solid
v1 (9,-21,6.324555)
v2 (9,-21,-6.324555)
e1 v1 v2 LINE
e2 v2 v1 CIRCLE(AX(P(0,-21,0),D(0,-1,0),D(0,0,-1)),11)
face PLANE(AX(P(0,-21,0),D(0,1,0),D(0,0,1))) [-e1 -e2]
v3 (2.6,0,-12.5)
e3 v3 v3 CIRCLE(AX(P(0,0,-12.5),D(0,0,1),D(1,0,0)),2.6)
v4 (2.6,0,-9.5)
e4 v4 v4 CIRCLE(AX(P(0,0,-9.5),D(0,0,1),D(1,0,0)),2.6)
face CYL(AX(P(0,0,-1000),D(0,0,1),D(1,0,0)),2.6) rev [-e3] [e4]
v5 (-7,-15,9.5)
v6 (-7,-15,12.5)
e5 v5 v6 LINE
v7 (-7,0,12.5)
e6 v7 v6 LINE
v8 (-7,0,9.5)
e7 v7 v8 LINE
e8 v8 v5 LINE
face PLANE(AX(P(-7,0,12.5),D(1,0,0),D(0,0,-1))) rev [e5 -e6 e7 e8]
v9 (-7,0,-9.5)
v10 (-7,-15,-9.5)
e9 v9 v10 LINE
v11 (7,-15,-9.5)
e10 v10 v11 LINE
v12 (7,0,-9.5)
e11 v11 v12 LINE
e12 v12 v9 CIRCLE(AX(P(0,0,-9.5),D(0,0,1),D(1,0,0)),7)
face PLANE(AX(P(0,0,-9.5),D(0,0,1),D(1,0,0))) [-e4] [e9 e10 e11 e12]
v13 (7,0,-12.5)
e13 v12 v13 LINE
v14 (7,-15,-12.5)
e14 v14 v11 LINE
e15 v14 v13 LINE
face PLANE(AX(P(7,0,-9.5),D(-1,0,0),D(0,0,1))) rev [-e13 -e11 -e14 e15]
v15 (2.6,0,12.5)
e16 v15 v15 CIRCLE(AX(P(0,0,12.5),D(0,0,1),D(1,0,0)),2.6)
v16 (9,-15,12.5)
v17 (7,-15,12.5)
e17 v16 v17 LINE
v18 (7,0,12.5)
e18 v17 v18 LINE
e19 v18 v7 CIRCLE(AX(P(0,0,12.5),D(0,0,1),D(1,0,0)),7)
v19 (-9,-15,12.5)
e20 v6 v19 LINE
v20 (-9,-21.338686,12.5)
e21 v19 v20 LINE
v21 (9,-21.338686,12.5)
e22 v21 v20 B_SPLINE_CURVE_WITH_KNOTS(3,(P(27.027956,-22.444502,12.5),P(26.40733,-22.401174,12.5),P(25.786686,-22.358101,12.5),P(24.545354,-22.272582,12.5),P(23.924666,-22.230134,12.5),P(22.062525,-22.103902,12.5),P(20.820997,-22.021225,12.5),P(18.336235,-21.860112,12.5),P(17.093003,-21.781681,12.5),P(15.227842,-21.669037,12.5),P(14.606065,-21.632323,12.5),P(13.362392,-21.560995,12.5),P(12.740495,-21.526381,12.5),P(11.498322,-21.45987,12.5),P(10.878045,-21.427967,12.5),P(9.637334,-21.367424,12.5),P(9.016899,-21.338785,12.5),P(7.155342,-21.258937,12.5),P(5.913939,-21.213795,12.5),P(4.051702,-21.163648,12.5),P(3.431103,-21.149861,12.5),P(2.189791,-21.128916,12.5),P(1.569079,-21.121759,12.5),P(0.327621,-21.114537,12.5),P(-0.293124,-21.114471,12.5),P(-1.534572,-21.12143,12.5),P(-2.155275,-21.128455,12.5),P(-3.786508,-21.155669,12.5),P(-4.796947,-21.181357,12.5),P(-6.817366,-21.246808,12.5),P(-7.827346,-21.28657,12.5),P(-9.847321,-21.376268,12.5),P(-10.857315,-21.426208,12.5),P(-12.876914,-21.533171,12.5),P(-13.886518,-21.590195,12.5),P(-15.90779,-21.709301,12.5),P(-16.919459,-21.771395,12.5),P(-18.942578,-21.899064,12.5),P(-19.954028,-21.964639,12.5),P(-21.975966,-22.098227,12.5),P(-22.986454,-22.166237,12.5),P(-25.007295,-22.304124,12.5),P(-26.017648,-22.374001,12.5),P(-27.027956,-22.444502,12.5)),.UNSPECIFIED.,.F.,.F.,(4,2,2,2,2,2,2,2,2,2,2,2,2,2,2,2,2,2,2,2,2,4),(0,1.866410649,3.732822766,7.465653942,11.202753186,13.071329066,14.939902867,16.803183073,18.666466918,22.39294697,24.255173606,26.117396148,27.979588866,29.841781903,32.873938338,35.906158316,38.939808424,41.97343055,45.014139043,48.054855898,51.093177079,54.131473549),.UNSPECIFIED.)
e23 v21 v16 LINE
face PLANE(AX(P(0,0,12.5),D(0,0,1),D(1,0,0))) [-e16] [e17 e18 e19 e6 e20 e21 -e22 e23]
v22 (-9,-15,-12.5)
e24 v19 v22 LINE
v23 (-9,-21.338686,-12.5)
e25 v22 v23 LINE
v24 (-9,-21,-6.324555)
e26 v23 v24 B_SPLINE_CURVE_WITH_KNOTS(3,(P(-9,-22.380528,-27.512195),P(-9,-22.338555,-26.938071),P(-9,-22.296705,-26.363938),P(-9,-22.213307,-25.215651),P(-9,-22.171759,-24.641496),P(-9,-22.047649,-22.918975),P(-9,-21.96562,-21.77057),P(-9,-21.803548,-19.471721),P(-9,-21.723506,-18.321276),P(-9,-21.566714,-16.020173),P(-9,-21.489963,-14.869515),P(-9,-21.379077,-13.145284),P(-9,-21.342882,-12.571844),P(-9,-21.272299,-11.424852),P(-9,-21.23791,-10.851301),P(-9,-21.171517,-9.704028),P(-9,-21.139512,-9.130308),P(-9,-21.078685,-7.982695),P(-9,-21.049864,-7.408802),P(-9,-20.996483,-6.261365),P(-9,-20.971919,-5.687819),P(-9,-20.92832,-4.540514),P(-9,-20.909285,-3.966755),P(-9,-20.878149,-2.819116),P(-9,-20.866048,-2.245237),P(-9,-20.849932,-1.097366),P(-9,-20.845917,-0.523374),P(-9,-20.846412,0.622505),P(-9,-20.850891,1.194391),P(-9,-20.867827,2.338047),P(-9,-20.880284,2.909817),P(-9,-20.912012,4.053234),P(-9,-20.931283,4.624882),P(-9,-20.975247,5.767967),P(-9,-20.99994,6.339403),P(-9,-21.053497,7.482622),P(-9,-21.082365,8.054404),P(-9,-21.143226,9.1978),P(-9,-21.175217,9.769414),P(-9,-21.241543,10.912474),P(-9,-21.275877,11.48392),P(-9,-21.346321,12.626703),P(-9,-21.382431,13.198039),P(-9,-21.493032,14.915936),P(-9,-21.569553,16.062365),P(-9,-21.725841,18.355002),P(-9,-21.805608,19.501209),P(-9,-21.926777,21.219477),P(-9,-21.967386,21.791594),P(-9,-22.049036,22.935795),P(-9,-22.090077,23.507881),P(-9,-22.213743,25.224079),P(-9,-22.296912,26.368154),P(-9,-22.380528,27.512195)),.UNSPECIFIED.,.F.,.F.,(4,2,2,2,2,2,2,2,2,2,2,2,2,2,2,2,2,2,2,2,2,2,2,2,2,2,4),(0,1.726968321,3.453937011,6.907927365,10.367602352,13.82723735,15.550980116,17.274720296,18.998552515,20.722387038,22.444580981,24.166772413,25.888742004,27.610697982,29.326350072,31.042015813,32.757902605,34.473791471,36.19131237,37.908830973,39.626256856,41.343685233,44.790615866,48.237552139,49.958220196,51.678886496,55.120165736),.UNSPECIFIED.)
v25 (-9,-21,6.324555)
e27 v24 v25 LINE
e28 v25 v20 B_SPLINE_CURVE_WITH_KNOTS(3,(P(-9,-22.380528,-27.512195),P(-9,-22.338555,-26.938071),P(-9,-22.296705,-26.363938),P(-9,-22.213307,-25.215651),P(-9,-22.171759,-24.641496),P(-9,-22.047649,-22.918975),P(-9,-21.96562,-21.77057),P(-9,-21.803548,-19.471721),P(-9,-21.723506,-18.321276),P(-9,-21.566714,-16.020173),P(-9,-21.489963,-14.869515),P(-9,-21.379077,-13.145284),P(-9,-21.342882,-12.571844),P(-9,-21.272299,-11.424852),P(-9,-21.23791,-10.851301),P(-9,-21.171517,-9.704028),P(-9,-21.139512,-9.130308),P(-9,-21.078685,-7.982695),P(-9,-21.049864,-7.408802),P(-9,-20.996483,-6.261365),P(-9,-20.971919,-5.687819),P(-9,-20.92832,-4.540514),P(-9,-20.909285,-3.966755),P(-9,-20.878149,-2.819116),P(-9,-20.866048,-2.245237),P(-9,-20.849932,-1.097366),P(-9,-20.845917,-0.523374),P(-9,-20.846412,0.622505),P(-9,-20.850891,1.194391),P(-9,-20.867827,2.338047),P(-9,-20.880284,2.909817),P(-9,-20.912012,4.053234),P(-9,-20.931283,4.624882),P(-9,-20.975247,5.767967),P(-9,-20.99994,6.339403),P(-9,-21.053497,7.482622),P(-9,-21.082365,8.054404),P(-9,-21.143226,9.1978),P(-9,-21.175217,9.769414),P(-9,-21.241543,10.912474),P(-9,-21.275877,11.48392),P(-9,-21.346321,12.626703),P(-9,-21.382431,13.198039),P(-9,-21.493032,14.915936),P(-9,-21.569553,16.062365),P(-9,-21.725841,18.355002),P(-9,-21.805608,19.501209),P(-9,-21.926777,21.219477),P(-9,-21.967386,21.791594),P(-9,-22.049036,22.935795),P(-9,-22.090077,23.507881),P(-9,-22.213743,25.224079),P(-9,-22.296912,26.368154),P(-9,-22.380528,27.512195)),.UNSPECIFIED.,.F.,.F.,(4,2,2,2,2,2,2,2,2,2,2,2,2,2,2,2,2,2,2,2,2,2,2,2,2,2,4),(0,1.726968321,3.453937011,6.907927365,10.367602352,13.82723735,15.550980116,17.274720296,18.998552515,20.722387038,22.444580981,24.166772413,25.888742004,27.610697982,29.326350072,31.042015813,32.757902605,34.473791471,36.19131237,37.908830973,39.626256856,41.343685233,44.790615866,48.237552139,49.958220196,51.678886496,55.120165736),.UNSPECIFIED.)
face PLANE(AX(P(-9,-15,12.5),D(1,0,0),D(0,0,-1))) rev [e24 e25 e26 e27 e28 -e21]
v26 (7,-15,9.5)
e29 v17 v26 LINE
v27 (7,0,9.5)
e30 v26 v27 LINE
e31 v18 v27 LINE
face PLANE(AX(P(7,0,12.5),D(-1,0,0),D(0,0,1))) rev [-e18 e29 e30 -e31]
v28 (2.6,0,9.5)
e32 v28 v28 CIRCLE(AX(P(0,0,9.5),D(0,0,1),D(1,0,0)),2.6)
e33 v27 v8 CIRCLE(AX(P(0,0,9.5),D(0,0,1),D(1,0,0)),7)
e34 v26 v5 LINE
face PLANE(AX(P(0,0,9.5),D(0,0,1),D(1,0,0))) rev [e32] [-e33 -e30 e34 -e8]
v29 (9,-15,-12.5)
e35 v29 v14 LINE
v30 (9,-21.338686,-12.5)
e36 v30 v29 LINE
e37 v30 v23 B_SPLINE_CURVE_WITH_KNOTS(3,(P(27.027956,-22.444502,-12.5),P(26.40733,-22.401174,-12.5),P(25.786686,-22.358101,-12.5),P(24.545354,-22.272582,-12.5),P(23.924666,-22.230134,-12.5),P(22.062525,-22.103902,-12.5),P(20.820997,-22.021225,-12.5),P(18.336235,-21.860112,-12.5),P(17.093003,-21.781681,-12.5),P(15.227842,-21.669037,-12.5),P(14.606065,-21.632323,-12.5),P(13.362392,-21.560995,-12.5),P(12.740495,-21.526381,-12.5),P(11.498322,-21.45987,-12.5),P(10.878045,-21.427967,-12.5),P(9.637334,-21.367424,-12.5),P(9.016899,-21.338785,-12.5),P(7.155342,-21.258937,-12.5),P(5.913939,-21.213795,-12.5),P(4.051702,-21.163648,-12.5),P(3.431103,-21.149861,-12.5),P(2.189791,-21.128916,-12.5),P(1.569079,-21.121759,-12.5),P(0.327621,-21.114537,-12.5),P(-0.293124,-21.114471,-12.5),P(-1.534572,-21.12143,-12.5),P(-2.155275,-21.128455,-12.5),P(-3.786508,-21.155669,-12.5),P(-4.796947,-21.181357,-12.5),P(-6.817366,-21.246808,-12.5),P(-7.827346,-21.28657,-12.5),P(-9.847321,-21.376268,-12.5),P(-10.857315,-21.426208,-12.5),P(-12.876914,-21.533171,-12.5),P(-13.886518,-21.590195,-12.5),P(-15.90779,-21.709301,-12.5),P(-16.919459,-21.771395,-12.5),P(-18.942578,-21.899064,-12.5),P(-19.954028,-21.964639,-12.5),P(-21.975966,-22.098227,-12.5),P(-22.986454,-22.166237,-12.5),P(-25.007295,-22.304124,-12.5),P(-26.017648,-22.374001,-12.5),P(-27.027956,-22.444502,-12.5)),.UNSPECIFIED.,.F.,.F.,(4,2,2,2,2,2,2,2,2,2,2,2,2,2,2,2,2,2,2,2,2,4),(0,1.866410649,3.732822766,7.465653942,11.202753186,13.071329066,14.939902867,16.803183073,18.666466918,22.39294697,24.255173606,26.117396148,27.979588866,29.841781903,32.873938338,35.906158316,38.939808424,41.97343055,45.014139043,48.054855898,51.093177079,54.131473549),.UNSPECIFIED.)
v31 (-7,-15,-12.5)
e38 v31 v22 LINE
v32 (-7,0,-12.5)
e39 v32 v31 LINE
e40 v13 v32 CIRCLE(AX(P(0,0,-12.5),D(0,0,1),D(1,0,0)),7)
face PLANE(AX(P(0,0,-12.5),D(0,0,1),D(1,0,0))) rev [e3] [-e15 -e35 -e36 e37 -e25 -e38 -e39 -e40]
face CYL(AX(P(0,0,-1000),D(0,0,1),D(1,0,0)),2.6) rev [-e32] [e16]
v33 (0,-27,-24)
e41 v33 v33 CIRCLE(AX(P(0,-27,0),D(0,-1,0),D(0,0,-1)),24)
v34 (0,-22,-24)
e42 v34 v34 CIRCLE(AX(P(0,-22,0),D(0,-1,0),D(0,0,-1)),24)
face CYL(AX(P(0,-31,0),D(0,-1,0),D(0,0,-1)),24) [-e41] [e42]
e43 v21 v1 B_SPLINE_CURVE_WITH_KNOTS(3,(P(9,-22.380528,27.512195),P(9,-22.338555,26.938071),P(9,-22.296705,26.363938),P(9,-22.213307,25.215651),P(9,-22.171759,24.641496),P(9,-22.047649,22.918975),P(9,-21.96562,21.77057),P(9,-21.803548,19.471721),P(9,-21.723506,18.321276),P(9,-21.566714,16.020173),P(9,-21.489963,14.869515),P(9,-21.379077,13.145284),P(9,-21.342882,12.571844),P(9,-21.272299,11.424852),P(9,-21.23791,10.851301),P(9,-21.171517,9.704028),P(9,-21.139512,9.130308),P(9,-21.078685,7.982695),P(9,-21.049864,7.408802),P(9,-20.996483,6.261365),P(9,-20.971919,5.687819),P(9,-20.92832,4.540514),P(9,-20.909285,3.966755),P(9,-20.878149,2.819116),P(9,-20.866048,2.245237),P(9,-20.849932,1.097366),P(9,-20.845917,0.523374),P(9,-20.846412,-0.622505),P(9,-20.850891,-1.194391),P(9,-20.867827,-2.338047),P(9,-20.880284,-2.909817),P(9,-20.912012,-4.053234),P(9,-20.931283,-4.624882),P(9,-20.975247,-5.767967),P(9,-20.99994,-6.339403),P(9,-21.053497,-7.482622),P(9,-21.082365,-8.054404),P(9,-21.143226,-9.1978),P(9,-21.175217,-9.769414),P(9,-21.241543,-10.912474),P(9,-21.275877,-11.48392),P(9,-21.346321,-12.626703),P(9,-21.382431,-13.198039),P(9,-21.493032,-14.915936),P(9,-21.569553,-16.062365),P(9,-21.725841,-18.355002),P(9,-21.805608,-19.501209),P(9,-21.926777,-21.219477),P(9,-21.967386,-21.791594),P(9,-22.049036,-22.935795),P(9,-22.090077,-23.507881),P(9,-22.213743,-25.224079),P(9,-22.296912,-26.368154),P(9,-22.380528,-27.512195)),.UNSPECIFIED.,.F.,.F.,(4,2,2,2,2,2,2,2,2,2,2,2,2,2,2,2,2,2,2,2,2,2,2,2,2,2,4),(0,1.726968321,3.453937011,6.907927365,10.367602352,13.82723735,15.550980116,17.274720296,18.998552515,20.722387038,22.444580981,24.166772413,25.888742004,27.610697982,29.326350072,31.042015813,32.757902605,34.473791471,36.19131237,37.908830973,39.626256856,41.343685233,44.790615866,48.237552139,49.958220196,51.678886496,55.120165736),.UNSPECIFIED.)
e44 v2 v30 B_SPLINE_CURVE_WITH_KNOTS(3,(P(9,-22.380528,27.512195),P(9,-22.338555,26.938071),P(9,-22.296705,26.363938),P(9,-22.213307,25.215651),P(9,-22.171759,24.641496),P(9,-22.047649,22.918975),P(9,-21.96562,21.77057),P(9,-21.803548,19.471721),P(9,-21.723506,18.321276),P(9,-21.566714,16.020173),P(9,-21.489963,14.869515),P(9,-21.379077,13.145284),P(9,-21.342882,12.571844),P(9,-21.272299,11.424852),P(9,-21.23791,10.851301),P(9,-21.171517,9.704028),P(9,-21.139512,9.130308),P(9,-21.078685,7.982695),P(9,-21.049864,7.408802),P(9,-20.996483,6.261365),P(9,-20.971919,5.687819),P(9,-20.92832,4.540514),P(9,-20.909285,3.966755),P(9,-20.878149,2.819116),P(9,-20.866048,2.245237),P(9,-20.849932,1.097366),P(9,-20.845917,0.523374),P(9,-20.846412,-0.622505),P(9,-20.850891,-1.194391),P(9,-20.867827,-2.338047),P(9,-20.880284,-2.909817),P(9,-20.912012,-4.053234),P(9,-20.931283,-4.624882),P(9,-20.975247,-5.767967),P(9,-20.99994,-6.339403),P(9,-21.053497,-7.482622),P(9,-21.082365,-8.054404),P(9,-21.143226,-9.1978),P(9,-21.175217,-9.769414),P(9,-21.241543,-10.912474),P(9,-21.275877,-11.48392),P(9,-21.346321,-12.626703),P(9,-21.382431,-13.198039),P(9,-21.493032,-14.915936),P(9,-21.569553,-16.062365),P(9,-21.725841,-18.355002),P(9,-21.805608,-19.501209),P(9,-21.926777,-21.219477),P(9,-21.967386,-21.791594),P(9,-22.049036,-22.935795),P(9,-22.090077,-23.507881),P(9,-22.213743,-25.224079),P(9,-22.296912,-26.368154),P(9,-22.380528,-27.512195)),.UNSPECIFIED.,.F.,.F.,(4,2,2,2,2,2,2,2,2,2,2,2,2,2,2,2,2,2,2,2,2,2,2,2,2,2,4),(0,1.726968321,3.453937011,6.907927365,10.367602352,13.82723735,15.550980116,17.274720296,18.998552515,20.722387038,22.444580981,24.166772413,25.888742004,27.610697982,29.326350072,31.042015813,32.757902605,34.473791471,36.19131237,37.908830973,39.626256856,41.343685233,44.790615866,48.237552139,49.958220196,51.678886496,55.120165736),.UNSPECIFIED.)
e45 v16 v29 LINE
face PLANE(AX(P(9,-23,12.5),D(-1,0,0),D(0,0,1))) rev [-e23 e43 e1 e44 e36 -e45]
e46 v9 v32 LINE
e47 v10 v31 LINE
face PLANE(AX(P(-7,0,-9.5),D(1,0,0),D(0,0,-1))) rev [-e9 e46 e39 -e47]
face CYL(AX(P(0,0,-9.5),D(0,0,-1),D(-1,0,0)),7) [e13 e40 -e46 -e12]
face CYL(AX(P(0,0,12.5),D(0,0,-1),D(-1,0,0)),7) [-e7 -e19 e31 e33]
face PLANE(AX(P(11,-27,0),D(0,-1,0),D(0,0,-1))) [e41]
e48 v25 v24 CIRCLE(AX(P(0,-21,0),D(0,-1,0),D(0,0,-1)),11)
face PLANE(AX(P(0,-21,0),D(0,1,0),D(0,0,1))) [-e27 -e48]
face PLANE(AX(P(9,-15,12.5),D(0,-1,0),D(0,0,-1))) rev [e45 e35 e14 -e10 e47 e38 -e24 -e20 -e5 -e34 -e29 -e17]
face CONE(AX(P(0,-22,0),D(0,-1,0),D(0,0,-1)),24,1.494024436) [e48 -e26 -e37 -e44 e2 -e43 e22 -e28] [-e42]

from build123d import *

# Parameters (mm, degrees)
OREJA_ANTERIOR_DEPTH         = 3
OREJA_POSTERIOR_DEPTH        = 3
SKETCH3_W                    = 18
SKETCH3_H                    = 8
PUENTE_DEPTH                 = 25
SKETCH5_R                    = 2.6
AGUJERO_EJE_DESVIACION_DEPTH = 1000


with BuildPart() as part:
    # Sketch1 → Oreja_anterior (new body)
    with BuildSketch(Plane.XY.offset(-12.5)):
        with BuildLine():
            Line((7, 0), (7, -16))
            ThreePointArc((7, -16), (0, -23), (-7, -16))
            Line((-7, -16), (-7, 0))
            ThreePointArc((-7, 0), (0, 7), (7, 0))
        make_face()
    extrude(amount=OREJA_ANTERIOR_DEPTH)



with BuildPart() as body_2:
    # Sketch2 → Oreja_posterior (new body)
    with BuildSketch(Plane.XY.offset(9.5)):
        with BuildLine():
            Line((7, 0), (7, -16))
            ThreePointArc((7, -16), (0, -23), (-7, -16))
            Line((-7, -16), (-7, 0))
            ThreePointArc((-7, 0), (0, 7), (7, 0))
        make_face()
    extrude(amount=OREJA_POSTERIOR_DEPTH)


with BuildPart() as part_1:
    add(part.part)

    add(body_2.part)  # Puente merges body 2
    # Sketch3 → Puente (add)
    with BuildSketch(Plane.XY.offset(-12.5)):
        with Locations((0, -19)):
            Rectangle(SKETCH3_W, SKETCH3_H)
    extrude(amount=PUENTE_DEPTH)

    # Sketch4 → Brida_mano (revolve)
    with BuildSketch(Plane.XY, mode=Mode.PRIVATE) as brida_mano_sk:
        Polygon((0, -21), (11, -21), (24, -22), (24, -27), (11, -27), (0, -27), align=None)
    revolve(brida_mano_sk.sketch.rotate(Axis((0, -31, 0), (0, 1, 0)), 90), axis=Axis((0, -31, 0), (0, 1, 0)))

    # Sketch5 → Agujero_eje_desviacion (cut, symmetric)
    with BuildSketch(Plane.XY):
        Circle(SKETCH5_R)
    extrude(amount=AGUJERO_EJE_DESVIACION_DEPTH, both=True, mode=Mode.SUBTRACT)


solid = part_1.part
